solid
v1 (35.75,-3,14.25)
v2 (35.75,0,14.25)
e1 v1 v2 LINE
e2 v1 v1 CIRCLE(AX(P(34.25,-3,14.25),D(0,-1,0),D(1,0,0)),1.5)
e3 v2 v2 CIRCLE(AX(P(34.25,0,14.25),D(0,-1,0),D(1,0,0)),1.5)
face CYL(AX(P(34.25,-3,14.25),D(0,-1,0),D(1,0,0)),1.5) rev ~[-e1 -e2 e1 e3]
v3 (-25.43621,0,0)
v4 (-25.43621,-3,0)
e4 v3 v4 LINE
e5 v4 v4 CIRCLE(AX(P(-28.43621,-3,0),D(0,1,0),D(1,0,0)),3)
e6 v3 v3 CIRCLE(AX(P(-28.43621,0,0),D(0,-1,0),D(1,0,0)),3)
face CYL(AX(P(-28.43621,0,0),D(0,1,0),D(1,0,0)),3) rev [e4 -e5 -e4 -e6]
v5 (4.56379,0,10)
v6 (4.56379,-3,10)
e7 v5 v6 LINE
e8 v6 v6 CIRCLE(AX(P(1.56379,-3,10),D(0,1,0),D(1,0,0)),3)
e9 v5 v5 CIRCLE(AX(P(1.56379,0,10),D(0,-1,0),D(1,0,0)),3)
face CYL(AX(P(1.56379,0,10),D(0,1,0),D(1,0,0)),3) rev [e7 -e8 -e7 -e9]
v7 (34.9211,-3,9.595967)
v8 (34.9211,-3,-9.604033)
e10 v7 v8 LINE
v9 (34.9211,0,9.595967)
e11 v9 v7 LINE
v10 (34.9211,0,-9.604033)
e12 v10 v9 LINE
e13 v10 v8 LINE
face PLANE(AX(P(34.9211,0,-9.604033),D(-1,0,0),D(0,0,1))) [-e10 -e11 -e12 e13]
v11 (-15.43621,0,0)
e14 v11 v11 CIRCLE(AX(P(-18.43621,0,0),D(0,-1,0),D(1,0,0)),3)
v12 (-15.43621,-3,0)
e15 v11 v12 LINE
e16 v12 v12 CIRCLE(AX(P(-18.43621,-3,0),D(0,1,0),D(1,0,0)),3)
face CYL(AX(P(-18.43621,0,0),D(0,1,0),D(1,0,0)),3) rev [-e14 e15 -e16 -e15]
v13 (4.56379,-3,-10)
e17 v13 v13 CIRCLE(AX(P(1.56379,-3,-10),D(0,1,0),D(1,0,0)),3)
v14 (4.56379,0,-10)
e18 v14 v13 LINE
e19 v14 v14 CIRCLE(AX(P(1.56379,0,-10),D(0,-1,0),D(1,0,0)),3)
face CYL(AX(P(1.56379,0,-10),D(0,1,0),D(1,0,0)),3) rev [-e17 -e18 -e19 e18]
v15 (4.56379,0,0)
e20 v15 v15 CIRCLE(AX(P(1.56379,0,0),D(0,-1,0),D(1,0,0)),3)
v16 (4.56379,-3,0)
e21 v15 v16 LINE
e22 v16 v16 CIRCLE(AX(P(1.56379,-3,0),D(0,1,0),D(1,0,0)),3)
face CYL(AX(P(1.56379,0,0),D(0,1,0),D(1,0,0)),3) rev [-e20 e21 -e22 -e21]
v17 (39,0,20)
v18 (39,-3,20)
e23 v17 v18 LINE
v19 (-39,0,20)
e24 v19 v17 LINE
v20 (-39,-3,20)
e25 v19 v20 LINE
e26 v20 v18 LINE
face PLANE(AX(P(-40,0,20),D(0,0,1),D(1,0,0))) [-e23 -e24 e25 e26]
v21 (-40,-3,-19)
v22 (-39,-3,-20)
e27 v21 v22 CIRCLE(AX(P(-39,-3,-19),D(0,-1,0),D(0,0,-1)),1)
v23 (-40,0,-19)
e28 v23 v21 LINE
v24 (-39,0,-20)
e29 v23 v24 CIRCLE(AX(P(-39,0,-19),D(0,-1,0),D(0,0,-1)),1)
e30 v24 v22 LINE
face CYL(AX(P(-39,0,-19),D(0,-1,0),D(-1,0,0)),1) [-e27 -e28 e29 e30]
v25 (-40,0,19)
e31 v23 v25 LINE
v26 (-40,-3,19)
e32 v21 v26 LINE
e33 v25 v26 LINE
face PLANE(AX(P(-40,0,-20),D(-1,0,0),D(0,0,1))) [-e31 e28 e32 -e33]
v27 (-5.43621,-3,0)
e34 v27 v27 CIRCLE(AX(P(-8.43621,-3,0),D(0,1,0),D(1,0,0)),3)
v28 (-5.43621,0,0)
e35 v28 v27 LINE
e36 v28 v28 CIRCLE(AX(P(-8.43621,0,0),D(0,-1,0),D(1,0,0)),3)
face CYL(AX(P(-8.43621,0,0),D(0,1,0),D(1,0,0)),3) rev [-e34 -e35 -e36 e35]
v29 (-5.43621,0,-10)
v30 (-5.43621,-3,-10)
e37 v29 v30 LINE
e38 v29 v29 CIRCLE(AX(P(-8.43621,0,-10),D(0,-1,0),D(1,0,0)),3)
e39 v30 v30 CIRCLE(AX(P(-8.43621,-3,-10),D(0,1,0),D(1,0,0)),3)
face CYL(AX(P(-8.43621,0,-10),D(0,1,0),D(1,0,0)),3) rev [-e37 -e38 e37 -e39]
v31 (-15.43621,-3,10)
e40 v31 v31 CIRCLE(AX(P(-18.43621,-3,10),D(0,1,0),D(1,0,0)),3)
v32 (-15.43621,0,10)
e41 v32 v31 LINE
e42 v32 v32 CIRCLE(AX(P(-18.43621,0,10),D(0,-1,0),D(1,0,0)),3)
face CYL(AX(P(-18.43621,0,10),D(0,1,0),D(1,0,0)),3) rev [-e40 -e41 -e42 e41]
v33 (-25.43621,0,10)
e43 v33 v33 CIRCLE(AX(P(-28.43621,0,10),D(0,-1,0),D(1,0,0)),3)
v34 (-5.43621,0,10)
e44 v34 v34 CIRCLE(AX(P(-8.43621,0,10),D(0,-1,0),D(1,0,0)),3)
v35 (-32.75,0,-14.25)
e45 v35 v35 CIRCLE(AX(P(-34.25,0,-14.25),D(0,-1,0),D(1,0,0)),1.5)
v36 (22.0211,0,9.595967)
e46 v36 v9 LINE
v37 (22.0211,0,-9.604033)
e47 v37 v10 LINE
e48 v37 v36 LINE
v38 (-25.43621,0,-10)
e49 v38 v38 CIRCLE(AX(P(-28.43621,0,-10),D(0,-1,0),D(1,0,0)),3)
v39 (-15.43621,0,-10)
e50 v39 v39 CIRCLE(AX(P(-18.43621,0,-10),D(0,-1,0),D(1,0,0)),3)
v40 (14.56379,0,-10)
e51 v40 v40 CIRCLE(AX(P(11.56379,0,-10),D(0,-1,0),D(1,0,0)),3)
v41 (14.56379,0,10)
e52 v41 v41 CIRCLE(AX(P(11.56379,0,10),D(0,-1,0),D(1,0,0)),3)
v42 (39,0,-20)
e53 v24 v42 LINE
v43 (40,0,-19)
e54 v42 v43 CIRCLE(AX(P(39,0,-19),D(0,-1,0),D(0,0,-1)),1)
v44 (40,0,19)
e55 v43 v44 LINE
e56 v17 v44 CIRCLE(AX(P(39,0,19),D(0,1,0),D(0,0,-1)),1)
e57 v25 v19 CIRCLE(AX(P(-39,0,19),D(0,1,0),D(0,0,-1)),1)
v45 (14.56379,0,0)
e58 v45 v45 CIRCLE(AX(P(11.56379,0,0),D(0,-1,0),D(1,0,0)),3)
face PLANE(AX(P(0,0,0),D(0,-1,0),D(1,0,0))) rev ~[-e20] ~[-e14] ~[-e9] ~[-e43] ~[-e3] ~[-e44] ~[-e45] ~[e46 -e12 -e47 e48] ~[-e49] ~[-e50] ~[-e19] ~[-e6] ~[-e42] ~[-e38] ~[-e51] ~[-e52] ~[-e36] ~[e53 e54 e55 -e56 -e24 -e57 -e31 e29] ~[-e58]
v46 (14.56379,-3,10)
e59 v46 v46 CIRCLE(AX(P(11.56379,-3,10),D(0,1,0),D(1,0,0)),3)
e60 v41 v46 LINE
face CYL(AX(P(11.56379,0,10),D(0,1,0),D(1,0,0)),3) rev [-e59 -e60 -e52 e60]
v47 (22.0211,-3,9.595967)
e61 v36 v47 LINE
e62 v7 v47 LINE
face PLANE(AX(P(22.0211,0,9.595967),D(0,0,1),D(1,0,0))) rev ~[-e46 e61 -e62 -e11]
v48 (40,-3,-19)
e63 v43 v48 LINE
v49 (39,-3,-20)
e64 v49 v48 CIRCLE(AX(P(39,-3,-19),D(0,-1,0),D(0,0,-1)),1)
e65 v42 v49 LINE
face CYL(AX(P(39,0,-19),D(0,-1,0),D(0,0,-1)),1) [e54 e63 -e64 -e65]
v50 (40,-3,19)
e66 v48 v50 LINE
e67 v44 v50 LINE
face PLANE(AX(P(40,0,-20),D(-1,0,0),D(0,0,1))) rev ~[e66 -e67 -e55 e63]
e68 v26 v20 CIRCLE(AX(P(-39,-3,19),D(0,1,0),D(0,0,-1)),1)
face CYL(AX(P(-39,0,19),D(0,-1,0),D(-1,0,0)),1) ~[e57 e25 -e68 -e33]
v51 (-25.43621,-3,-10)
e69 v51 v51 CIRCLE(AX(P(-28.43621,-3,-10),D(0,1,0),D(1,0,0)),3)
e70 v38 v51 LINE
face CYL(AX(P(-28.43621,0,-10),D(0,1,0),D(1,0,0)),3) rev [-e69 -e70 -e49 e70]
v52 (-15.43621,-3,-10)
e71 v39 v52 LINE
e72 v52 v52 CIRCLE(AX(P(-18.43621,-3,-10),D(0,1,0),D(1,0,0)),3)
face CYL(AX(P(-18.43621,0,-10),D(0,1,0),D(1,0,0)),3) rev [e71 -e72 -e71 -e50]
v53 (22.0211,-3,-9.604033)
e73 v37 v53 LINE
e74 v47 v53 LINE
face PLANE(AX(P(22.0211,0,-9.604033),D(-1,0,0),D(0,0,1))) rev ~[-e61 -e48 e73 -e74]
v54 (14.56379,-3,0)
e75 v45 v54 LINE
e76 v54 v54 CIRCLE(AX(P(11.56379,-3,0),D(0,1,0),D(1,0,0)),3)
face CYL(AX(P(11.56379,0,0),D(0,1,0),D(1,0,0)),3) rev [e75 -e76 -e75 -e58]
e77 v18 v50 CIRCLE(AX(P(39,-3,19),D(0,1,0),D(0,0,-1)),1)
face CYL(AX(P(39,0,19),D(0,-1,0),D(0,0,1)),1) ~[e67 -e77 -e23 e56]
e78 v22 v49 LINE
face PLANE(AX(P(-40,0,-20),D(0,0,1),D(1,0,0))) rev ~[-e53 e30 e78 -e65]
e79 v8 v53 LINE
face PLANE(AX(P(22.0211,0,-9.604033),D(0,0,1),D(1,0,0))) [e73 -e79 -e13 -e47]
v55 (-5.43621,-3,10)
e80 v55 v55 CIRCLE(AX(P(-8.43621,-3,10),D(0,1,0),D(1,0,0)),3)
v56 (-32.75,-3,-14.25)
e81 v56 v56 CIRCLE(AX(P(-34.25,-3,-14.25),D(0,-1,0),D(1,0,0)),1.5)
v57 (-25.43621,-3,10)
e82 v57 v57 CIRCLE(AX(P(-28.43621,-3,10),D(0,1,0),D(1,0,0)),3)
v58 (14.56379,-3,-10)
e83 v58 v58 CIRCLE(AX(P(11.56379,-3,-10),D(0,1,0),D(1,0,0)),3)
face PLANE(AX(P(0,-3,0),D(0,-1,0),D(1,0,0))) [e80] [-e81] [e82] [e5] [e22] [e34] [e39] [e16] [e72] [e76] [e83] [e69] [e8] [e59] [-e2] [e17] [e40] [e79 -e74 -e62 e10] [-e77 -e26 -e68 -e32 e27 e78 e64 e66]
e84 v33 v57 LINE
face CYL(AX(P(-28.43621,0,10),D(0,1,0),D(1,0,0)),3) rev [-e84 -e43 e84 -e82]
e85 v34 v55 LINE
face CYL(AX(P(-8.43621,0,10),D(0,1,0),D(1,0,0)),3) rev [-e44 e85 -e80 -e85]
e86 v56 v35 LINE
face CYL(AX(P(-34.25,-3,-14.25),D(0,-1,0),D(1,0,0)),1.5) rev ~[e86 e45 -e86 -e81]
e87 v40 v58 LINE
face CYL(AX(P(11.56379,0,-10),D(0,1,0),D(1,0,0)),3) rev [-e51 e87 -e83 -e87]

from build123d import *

# Parameters (mm, degrees)
F0_W     = 80
F0_H     = 40
F2_DEPTH = 3
F1_R     = 3
F1_W     = 12.9
F1_H     = 19.2
F3_DEPTH = 3.001
F4_R     = 1
F5_R     = 1.5
F6_DEPTH = 25


with BuildPart() as f2:
    # F0 (on Front) → F2 (new body)
    with BuildSketch(Plane.XZ):
        Rectangle(F0_W, F0_H)
    extrude(amount=F2_DEPTH)

    # F1 (on face) → F3 (cut, through all)
    with BuildSketch(Plane.XZ):
        with Locations((-28.43621, 10)):
            Circle(F1_R)
        with Locations((-28.43621, 0)):
            Circle(F1_R)
        with Locations((-28.43621, -10)):
            Circle(F1_R)
        with Locations((-18.43621, 10)):
            Circle(F1_R)
        with Locations((-18.43621, 0)):
            Circle(F1_R)
        with Locations((-18.43621, -10)):
            Circle(F1_R)
        with Locations((-8.43621, 10)):
            Circle(F1_R)
        with Locations((-8.43621, 0)):
            Circle(F1_R)
        with Locations((-8.43621, -10)):
            Circle(F1_R)
        with Locations((1.56379, 10)):
            Circle(F1_R)
        with Locations((1.56379, 0)):
            Circle(F1_R)
        with Locations((1.56379, -10)):
            Circle(F1_R)
        with Locations((11.56379, 10)):
            Circle(F1_R)
        with Locations((11.56379, 0)):
            Circle(F1_R)
        with Locations((11.56379, -10)):
            Circle(F1_R)
        with Locations((28.4711, -0.004033)):
            Rectangle(F1_W, F1_H)
    extrude(amount=F3_DEPTH, mode=Mode.SUBTRACT)

    # F4
    f4_edges = [f2.edges().sort_by_distance(p)[0] for p in [
        (-40, -1.5, 20),
        (40, -1.5, 20),
        (40, -1.5, -20),
        (-40, -1.5, -20),
    ]]
    fillet(f4_edges, radius=F4_R)

    # F5 (on face) → F6 (cut)
    with BuildSketch(Plane.XZ.offset(3)):
        with Locations((34.25, 14.25)):
            Circle(F5_R)
        with Locations((-34.25, -14.25)):
            Circle(F5_R)
    extrude(amount=-F6_DEPTH, mode=Mode.SUBTRACT)


solid = f2.part
